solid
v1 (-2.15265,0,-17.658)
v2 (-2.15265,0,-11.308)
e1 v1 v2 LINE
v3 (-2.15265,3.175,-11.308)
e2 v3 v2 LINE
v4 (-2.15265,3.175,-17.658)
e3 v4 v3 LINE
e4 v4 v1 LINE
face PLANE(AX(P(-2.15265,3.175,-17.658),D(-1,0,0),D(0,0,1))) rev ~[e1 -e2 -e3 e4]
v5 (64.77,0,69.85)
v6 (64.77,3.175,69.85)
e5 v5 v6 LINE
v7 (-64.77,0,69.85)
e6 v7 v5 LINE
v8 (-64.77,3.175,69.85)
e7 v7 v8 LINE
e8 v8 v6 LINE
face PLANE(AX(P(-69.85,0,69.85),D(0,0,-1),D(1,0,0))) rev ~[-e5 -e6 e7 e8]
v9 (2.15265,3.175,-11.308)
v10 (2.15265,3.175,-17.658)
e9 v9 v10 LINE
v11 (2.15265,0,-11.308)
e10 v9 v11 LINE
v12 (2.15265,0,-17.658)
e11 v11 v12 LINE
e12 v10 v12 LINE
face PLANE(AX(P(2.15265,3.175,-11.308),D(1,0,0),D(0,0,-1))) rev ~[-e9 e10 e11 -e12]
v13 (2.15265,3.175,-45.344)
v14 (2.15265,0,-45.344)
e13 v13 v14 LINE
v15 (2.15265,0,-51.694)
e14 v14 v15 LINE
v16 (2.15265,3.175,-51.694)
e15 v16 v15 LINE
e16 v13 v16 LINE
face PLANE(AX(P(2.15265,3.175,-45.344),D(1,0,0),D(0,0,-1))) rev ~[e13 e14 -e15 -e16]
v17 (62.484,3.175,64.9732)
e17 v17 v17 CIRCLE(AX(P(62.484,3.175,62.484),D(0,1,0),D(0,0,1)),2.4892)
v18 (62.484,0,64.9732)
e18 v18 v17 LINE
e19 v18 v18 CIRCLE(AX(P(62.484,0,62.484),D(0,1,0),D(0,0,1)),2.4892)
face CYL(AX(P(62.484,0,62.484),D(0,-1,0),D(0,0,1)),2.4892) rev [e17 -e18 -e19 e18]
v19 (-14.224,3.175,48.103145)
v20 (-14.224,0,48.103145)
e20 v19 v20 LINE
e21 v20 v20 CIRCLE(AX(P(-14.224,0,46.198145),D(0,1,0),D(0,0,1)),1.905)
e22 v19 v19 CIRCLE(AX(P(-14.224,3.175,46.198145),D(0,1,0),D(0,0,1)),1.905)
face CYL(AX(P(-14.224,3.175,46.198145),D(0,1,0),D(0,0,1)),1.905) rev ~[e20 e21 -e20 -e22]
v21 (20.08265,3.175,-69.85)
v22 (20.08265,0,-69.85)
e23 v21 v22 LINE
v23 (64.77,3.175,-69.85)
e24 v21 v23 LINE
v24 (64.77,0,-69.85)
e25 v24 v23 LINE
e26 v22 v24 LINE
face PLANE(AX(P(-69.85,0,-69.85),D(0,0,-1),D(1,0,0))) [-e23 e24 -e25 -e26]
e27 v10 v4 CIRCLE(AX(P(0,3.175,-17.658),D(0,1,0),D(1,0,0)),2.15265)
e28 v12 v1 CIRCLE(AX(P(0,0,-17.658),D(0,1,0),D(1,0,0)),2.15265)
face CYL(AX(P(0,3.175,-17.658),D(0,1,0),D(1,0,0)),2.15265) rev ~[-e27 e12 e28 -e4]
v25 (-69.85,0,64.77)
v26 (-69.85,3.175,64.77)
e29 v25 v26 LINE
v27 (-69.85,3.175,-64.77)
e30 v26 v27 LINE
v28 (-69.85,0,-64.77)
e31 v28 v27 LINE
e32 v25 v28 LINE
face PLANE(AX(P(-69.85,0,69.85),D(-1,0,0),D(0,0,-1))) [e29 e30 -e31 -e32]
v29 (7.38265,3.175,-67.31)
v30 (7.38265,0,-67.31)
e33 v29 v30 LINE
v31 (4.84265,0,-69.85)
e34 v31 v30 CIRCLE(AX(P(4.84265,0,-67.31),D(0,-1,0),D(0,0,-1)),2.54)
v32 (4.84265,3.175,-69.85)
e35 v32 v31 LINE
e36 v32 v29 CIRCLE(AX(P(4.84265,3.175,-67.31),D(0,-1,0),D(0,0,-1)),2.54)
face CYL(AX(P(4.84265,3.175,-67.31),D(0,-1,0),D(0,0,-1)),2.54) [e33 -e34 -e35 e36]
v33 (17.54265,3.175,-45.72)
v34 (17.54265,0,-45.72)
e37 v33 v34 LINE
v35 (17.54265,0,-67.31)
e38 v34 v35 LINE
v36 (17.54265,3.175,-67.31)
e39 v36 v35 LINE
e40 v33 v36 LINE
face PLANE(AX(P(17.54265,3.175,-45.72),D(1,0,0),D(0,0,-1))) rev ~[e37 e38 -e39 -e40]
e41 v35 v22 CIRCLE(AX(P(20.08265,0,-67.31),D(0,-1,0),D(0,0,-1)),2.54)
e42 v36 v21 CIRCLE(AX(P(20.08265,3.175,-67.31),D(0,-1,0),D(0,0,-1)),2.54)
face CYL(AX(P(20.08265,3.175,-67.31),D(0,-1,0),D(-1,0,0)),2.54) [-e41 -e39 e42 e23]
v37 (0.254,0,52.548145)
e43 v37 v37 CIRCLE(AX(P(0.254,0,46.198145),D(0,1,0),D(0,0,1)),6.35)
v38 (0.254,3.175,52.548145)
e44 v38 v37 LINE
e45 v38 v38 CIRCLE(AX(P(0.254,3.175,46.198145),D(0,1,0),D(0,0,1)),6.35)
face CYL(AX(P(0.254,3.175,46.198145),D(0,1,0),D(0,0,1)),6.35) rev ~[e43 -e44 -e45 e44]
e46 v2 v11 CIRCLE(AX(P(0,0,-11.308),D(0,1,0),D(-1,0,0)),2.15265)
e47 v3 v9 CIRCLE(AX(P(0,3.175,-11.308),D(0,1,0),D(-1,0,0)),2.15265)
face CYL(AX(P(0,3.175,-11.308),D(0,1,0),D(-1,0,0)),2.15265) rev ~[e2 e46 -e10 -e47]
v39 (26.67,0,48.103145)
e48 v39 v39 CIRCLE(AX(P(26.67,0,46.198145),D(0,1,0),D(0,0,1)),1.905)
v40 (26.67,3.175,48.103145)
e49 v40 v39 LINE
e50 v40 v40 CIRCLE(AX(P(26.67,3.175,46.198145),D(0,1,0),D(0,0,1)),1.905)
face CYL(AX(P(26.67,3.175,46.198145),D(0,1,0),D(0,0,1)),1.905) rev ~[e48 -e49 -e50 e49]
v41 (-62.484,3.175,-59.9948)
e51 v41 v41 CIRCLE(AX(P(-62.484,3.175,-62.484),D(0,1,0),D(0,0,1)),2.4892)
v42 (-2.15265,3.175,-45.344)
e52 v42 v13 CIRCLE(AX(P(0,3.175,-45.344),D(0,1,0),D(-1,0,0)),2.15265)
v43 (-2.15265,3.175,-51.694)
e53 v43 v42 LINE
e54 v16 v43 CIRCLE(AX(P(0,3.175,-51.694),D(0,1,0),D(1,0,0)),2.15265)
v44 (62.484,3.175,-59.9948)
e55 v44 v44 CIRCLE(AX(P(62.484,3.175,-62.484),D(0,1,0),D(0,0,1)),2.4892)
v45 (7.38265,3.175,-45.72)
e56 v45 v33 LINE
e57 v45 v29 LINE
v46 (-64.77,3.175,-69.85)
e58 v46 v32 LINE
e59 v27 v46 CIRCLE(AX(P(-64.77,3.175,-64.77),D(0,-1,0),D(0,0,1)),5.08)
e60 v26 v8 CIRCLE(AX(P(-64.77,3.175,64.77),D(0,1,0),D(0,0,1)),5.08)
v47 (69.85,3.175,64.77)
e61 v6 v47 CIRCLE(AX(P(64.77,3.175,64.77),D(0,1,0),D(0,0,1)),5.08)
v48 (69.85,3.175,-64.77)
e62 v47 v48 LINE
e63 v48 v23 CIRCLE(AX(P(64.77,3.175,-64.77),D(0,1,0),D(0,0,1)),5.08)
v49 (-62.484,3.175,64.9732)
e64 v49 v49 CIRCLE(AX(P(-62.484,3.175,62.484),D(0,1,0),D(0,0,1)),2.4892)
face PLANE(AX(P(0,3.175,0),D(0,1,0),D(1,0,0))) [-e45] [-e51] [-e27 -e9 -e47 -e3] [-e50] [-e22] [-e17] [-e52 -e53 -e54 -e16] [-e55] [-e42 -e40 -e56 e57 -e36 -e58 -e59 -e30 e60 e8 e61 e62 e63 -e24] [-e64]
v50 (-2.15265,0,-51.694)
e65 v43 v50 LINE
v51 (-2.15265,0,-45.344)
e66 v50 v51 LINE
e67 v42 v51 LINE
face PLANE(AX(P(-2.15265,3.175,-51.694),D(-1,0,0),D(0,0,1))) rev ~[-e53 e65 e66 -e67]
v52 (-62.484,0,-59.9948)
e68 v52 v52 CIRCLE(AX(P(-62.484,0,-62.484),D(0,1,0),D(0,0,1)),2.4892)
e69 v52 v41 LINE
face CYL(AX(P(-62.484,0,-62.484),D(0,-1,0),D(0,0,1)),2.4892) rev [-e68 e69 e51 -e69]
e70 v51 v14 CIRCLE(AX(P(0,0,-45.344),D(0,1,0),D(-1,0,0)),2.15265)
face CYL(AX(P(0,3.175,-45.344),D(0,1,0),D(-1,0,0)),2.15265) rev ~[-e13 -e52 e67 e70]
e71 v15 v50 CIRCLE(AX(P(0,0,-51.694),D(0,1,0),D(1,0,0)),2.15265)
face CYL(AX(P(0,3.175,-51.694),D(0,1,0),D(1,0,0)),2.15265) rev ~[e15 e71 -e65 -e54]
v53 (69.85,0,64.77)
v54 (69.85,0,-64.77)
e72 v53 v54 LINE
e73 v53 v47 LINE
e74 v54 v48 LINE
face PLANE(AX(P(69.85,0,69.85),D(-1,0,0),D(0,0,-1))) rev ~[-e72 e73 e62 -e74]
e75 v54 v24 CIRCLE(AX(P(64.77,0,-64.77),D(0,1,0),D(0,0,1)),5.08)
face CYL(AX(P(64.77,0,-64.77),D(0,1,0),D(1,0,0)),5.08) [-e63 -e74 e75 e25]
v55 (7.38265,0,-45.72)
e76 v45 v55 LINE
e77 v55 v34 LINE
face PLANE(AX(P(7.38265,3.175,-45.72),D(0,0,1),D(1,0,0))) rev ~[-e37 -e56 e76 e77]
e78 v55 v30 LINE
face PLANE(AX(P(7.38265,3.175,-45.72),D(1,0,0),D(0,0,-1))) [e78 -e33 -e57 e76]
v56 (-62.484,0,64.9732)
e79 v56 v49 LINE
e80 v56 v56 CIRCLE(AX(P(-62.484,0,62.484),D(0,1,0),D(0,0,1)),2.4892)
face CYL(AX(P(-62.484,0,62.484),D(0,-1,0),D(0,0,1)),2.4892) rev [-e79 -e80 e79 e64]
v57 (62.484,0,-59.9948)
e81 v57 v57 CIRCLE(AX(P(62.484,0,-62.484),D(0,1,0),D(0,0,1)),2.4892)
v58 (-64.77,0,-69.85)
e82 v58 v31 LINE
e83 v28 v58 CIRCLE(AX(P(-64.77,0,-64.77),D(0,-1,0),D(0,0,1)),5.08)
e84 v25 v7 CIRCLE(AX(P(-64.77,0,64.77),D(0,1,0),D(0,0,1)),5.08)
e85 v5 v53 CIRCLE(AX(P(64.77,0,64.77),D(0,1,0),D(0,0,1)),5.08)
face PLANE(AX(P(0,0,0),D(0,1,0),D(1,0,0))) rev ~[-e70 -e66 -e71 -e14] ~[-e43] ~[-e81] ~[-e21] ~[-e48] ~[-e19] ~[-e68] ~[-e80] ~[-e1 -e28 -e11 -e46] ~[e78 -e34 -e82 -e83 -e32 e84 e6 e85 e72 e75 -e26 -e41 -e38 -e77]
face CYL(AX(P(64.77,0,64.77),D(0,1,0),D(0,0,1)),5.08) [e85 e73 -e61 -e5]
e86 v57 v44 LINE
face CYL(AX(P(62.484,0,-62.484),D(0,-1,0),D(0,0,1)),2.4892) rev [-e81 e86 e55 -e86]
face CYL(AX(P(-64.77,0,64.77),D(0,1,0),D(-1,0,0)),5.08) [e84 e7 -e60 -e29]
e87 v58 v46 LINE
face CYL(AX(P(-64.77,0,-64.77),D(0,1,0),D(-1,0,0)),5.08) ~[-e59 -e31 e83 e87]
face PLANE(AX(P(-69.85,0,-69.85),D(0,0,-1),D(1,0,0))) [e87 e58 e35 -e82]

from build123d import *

# Parameters (mm, degrees)
SKETCH1_W           = 139.7
SKETCH1_H           = 139.7
SKETCH1_R           = 2.4892
BOSS_EXTRUDE1_DEPTH = 3.175
SKETCH2_W           = 10.16
SKETCH2_H           = 24.13
CUT_EXTRUDE2_DEPTH  = 3.175
SKETCH3_R           = 6.35
SKETCH3_R_2         = 1.905
CUT_EXTRUDE4_DEPTH  = 3.175
FILLET2_R           = 5.08
FILLET3_R           = 5.08
FILLET4_R           = 5.08
FILLET5_R           = 5.08
FILLET6_R           = 2.54
FILLET8_R           = 2.54


with BuildPart() as part:
    # Sketch1 → Boss-Extrude1 (new body)
    with BuildSketch(Plane(origin=(0, 0, 0), x_dir=(1, 0, 0), z_dir=(0, 1, 0))):
        Rectangle(SKETCH1_W, SKETCH1_H)
        with Locations(Location((62.484, -62.484, 0), (0, 0, 270))):
            Circle(SKETCH1_R, mode=Mode.SUBTRACT)
        with Locations(Location((-62.484, 62.484, 0), (0, 0, 270))):
            Circle(SKETCH1_R, mode=Mode.SUBTRACT)
        with Locations(Location((62.484, 62.484, 0), (0, 0, 270))):
            Circle(SKETCH1_R, mode=Mode.SUBTRACT)
        with Locations(Location((-62.484, -62.484, 0), (0, 0, 270))):
            Circle(SKETCH1_R, mode=Mode.SUBTRACT)
    extrude(amount=BOSS_EXTRUDE1_DEPTH)

    # Sketch2 → Cut-Extrude2 (cut)
    with BuildSketch(Plane(origin=(0, 3.175, 0), x_dir=(1, 0, 0), z_dir=(0, 1, 0))):
        with Locations((12.46265, 57.785)):
            Rectangle(SKETCH2_W, SKETCH2_H)
        with BuildLine():
            ThreePointArc((-2.15265, 45.344), (0, 43.19135), (2.15265, 45.344))
            Line((2.15265, 45.344), (2.15265, 51.694))
            ThreePointArc((2.15265, 51.694), (0, 53.84665), (-2.15265, 51.694))
            Line((-2.15265, 51.694), (-2.15265, 45.344))
        make_face()
        with BuildLine():
            ThreePointArc((2.15265, 17.658), (0, 19.81065), (-2.15265, 17.658))
            Line((-2.15265, 17.658), (-2.15265, 11.308))
            ThreePointArc((-2.15265, 11.308), (0, 9.15535), (2.15265, 11.308))
            Line((2.15265, 11.308), (2.15265, 17.658))
        make_face()
    extrude(amount=-CUT_EXTRUDE2_DEPTH, mode=Mode.SUBTRACT)

    # Sketch3 → Cut-Extrude4 (cut)
    with BuildSketch(Plane(origin=(0, 3.175, 0), x_dir=(1, 0, 0), z_dir=(0, 1, 0))):
        with Locations(Location((0.254, -46.198145278, 0), (0, 0, 270))):
            Circle(SKETCH3_R)
        with Locations(Location((26.67, -46.198145278, 0), (0, 0, 270))):
            Circle(SKETCH3_R_2)
        with Locations(Location((-14.224, -46.198145278, 0), (0, 0, 270))):
            Circle(SKETCH3_R_2)
    extrude(amount=-CUT_EXTRUDE4_DEPTH, mode=Mode.SUBTRACT)

    # Fillet2
    fillet2_edges = [part.edges().sort_by_distance(p)[0] for p in [
        (-69.85, 1.5875, 69.85),
    ]]
    fillet(fillet2_edges, radius=FILLET2_R)

    # Fillet3
    fillet3_edges = [part.edges().sort_by_distance(p)[0] for p in [
        (69.85, 1.5875, 69.85),
    ]]
    fillet(fillet3_edges, radius=FILLET3_R)

    # Fillet4
    fillet4_edges = [part.edges().sort_by_distance(p)[0] for p in [
        (69.85, 1.5875, -69.85),
    ]]
    fillet(fillet4_edges, radius=FILLET4_R)

    # Fillet5
    fillet5_edges = [part.edges().sort_by_distance(p)[0] for p in [
        (-69.85, 1.5875, -69.85),
    ]]
    fillet(fillet5_edges, radius=FILLET5_R)

    # Fillet6
    fillet6_edges = [part.edges().sort_by_distance(p)[0] for p in [
        (7.38265, 1.5875, -69.85),
    ]]
    fillet(fillet6_edges, radius=FILLET6_R)

    # Fillet8
    fillet8_edges = [part.edges().sort_by_distance(p)[0] for p in [
        (17.54265, 1.5875, -69.85),
    ]]
    fillet(fillet8_edges, radius=FILLET8_R)


solid = part.part
